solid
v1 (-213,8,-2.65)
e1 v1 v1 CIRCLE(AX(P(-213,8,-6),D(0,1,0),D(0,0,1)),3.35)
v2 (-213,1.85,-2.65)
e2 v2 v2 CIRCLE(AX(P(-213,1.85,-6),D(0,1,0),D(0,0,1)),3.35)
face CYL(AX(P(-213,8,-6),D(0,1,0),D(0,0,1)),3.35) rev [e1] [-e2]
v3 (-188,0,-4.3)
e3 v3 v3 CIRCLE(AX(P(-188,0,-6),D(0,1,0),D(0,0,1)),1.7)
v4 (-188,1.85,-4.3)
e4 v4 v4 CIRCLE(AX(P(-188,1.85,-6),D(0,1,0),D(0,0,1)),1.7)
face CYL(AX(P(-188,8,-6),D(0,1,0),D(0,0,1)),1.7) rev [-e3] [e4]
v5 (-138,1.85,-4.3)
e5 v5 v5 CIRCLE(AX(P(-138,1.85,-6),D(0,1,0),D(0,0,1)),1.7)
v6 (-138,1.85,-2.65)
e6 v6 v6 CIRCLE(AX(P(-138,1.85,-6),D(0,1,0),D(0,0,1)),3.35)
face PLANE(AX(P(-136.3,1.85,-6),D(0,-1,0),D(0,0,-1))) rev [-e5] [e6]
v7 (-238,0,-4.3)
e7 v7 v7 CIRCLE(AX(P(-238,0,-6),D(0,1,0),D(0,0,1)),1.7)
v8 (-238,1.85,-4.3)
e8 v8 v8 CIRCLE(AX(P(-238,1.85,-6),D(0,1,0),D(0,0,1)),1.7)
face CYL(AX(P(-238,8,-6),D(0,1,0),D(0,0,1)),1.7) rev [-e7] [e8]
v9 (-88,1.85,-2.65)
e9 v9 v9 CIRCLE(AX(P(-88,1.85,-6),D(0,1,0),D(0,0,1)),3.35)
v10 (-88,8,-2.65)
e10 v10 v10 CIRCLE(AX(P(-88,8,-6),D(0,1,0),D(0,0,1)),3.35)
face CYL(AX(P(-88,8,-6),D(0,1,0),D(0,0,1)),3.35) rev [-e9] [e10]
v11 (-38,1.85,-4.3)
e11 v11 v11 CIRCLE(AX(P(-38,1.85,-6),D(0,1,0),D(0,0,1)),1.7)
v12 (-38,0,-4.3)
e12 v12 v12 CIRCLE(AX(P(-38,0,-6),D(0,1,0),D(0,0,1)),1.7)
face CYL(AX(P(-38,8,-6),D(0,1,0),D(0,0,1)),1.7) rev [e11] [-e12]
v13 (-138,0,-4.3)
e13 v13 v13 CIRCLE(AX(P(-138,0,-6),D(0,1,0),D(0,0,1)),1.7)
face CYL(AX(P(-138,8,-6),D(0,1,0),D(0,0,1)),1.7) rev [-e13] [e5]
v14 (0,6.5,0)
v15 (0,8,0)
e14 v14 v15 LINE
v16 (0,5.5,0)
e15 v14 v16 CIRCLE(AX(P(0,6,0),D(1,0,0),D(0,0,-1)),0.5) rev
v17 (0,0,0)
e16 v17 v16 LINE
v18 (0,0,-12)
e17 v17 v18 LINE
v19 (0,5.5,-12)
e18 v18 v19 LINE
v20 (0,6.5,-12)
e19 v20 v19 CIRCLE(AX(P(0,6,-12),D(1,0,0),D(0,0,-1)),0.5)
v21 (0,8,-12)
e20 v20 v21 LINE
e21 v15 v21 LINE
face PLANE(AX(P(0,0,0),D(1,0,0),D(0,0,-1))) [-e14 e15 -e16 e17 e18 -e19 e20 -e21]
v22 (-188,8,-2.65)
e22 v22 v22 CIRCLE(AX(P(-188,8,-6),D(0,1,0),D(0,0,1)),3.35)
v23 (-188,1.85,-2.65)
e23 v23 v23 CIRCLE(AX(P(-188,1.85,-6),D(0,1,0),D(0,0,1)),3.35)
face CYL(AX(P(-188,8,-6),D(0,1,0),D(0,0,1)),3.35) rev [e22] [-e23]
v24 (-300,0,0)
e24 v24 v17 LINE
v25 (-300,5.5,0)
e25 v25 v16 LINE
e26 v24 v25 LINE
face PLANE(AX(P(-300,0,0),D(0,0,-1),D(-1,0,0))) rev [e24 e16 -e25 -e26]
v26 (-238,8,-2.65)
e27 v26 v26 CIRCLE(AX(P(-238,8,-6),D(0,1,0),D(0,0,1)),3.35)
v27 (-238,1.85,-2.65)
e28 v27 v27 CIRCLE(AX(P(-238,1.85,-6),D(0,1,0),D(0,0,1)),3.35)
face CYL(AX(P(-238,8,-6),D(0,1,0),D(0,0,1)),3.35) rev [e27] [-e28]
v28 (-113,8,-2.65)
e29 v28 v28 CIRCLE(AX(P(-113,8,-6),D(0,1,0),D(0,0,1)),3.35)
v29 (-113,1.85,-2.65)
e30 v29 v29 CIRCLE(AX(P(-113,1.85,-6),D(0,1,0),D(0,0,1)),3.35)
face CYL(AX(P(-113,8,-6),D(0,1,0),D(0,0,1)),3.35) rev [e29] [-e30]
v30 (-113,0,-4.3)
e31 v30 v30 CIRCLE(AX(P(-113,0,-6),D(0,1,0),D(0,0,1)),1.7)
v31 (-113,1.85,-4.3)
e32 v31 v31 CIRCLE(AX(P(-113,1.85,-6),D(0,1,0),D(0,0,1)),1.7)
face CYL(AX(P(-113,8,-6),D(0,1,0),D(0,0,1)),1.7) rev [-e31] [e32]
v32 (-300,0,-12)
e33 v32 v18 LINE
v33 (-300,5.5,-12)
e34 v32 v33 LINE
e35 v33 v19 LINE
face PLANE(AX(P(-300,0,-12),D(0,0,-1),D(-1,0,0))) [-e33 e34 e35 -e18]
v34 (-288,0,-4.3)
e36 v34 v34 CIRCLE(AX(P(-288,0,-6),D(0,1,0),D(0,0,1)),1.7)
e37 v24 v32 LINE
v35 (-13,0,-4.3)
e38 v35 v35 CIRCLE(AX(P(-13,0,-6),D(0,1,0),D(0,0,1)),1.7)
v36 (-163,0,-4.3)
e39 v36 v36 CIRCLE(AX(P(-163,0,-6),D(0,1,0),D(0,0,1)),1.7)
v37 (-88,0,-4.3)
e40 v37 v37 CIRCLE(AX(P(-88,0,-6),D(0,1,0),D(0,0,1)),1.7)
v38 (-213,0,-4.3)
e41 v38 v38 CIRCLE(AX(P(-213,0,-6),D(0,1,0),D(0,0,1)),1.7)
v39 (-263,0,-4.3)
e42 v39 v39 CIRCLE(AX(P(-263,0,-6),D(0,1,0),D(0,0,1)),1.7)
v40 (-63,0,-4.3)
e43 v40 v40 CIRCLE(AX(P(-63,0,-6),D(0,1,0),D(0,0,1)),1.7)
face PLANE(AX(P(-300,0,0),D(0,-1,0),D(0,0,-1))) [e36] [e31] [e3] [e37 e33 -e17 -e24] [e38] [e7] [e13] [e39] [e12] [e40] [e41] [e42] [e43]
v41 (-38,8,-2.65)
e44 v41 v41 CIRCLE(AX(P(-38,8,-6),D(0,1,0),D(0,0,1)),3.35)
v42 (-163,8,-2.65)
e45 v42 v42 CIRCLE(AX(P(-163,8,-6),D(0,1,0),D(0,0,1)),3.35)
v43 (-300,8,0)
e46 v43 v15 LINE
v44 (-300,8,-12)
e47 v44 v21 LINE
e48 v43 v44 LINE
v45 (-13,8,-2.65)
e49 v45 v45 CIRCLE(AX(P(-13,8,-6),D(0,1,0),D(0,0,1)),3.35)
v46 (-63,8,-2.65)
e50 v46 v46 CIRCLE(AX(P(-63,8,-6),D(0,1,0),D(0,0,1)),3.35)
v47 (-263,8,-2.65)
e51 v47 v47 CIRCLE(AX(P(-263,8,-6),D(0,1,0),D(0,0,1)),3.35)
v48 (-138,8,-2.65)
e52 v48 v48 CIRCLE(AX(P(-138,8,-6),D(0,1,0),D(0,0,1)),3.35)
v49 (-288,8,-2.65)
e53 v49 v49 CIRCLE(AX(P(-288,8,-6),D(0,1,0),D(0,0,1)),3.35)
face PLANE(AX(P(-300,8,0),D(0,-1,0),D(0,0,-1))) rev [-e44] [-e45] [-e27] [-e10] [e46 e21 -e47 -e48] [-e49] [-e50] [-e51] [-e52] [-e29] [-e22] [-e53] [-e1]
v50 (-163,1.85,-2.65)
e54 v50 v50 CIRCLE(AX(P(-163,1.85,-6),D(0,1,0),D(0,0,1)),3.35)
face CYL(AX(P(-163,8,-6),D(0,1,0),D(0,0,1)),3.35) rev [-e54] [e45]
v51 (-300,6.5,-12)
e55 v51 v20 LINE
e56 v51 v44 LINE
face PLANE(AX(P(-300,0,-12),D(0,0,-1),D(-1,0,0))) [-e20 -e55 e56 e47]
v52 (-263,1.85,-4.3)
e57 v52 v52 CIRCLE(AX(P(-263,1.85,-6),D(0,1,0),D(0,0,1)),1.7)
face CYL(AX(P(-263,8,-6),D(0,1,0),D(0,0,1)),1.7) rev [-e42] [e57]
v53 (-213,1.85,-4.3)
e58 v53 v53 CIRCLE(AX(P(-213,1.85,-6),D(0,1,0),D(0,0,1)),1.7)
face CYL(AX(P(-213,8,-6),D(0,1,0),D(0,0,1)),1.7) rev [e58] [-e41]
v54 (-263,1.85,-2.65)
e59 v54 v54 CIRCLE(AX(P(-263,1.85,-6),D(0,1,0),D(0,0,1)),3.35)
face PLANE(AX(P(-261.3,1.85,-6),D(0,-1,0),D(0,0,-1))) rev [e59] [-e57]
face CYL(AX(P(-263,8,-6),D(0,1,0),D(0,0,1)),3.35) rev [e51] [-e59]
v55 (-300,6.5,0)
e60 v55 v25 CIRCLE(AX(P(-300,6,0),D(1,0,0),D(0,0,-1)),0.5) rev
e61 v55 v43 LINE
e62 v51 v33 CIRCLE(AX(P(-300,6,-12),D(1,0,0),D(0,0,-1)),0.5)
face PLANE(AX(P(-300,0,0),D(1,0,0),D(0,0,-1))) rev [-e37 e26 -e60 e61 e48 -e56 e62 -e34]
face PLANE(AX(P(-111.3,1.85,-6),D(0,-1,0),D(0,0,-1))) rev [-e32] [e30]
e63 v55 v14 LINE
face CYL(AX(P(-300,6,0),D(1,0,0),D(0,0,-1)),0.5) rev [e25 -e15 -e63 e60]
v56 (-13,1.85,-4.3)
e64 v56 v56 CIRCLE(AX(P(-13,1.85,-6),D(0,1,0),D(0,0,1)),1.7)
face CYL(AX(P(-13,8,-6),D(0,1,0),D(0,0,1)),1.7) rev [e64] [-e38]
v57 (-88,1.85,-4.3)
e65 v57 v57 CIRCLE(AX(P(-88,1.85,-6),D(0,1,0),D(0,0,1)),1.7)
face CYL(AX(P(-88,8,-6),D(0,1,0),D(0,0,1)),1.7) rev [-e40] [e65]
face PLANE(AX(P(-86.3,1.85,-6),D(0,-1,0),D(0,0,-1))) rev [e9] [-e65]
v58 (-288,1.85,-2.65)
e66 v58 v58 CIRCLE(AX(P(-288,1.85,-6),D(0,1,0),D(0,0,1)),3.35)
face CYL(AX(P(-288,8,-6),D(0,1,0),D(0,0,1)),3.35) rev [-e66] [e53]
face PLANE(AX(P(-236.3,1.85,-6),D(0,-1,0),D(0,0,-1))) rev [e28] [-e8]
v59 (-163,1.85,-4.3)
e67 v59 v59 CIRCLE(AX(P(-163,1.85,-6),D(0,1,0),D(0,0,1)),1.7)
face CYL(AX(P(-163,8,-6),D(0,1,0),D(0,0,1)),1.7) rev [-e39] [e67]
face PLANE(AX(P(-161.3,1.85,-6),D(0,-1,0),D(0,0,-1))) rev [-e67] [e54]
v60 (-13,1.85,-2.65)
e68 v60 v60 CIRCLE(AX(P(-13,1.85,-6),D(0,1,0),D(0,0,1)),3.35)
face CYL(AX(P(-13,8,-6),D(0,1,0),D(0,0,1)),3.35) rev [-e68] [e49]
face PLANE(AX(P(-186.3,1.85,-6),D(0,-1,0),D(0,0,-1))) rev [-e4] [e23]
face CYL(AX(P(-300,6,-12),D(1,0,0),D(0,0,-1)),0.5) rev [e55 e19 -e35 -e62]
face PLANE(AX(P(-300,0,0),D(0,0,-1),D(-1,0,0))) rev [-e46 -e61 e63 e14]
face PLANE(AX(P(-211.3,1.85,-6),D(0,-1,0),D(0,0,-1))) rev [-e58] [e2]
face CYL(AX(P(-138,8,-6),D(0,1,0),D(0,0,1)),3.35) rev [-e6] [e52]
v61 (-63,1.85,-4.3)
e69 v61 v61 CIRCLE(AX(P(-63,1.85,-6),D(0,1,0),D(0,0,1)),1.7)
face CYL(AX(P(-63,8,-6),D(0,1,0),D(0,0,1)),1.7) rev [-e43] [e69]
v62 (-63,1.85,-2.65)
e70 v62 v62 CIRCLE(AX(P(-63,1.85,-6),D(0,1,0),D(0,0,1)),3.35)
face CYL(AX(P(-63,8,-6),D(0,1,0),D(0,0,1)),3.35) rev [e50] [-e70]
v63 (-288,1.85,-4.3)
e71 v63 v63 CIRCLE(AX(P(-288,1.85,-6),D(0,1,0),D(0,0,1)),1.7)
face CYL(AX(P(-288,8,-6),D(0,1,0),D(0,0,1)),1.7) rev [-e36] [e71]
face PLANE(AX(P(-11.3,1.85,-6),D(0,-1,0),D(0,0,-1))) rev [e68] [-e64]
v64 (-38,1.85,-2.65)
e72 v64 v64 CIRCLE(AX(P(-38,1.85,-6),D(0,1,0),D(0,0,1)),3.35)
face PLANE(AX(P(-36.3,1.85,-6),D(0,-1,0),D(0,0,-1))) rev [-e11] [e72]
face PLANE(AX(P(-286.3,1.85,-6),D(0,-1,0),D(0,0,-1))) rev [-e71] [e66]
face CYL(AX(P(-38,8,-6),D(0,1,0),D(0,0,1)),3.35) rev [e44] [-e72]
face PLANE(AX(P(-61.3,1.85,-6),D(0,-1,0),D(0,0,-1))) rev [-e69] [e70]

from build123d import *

# Parameters (mm, degrees)
BOSS_EXTRUDE1_DEPTH                         = 300
CBORE_FOR_M3_BUTTON_HEAD_SCREW1_D           = 3.4
CBORE_FOR_M3_BUTTON_HEAD_SCREW1_CBORE_D     = 6.7
CBORE_FOR_M3_BUTTON_HEAD_SCREW1_CBORE_DEPTH = 6.15
LPATTERN1_COUNT                             = 12
LPATTERN1_PITCH                             = 25


with BuildPart() as part:
    # Sketch1 → Boss-Extrude1 (new body)
    with BuildSketch(Plane(origin=(0, 0, 0), x_dir=(0, 0, -1), z_dir=(1, 0, 0))):
        with BuildLine():
            Line((0, 5.5), (0, 0))
            Line((0, 0), (12, 0))
            Line((12, 0), (12, 5.5))
            ThreePointArc((12, 5.5), (11.5, 6), (12, 6.5))
            Line((12, 6.5), (12, 8))
            Line((12, 8), (0, 8))
            Line((0, 8), (0, 6.5))
            ThreePointArc((0, 6.5), (0.5, 6), (0, 5.5))
        make_face()
    extrude(amount=-BOSS_EXTRUDE1_DEPTH)

    # CBORE for M3 Button Head Screw1 (through all)
    with Locations(Plane(origin=(0, 8, 0), x_dir=(1, 0, 0), z_dir=(0, 1, 0))):
        with Locations((-288, 6)):
            cbore_for_m3_button_head_screw1 = CounterBoreHole(CBORE_FOR_M3_BUTTON_HEAD_SCREW1_D / 2, CBORE_FOR_M3_BUTTON_HEAD_SCREW1_CBORE_D / 2, CBORE_FOR_M3_BUTTON_HEAD_SCREW1_CBORE_DEPTH)

    # LPattern1: CBORE for M3 Button Head Screw1 ×12
    with Locations(*[(i * LPATTERN1_PITCH, 0, 0) for i in range(1, LPATTERN1_COUNT)]):
        add(cbore_for_m3_button_head_screw1, mode=Mode.SUBTRACT)


solid = part.part
